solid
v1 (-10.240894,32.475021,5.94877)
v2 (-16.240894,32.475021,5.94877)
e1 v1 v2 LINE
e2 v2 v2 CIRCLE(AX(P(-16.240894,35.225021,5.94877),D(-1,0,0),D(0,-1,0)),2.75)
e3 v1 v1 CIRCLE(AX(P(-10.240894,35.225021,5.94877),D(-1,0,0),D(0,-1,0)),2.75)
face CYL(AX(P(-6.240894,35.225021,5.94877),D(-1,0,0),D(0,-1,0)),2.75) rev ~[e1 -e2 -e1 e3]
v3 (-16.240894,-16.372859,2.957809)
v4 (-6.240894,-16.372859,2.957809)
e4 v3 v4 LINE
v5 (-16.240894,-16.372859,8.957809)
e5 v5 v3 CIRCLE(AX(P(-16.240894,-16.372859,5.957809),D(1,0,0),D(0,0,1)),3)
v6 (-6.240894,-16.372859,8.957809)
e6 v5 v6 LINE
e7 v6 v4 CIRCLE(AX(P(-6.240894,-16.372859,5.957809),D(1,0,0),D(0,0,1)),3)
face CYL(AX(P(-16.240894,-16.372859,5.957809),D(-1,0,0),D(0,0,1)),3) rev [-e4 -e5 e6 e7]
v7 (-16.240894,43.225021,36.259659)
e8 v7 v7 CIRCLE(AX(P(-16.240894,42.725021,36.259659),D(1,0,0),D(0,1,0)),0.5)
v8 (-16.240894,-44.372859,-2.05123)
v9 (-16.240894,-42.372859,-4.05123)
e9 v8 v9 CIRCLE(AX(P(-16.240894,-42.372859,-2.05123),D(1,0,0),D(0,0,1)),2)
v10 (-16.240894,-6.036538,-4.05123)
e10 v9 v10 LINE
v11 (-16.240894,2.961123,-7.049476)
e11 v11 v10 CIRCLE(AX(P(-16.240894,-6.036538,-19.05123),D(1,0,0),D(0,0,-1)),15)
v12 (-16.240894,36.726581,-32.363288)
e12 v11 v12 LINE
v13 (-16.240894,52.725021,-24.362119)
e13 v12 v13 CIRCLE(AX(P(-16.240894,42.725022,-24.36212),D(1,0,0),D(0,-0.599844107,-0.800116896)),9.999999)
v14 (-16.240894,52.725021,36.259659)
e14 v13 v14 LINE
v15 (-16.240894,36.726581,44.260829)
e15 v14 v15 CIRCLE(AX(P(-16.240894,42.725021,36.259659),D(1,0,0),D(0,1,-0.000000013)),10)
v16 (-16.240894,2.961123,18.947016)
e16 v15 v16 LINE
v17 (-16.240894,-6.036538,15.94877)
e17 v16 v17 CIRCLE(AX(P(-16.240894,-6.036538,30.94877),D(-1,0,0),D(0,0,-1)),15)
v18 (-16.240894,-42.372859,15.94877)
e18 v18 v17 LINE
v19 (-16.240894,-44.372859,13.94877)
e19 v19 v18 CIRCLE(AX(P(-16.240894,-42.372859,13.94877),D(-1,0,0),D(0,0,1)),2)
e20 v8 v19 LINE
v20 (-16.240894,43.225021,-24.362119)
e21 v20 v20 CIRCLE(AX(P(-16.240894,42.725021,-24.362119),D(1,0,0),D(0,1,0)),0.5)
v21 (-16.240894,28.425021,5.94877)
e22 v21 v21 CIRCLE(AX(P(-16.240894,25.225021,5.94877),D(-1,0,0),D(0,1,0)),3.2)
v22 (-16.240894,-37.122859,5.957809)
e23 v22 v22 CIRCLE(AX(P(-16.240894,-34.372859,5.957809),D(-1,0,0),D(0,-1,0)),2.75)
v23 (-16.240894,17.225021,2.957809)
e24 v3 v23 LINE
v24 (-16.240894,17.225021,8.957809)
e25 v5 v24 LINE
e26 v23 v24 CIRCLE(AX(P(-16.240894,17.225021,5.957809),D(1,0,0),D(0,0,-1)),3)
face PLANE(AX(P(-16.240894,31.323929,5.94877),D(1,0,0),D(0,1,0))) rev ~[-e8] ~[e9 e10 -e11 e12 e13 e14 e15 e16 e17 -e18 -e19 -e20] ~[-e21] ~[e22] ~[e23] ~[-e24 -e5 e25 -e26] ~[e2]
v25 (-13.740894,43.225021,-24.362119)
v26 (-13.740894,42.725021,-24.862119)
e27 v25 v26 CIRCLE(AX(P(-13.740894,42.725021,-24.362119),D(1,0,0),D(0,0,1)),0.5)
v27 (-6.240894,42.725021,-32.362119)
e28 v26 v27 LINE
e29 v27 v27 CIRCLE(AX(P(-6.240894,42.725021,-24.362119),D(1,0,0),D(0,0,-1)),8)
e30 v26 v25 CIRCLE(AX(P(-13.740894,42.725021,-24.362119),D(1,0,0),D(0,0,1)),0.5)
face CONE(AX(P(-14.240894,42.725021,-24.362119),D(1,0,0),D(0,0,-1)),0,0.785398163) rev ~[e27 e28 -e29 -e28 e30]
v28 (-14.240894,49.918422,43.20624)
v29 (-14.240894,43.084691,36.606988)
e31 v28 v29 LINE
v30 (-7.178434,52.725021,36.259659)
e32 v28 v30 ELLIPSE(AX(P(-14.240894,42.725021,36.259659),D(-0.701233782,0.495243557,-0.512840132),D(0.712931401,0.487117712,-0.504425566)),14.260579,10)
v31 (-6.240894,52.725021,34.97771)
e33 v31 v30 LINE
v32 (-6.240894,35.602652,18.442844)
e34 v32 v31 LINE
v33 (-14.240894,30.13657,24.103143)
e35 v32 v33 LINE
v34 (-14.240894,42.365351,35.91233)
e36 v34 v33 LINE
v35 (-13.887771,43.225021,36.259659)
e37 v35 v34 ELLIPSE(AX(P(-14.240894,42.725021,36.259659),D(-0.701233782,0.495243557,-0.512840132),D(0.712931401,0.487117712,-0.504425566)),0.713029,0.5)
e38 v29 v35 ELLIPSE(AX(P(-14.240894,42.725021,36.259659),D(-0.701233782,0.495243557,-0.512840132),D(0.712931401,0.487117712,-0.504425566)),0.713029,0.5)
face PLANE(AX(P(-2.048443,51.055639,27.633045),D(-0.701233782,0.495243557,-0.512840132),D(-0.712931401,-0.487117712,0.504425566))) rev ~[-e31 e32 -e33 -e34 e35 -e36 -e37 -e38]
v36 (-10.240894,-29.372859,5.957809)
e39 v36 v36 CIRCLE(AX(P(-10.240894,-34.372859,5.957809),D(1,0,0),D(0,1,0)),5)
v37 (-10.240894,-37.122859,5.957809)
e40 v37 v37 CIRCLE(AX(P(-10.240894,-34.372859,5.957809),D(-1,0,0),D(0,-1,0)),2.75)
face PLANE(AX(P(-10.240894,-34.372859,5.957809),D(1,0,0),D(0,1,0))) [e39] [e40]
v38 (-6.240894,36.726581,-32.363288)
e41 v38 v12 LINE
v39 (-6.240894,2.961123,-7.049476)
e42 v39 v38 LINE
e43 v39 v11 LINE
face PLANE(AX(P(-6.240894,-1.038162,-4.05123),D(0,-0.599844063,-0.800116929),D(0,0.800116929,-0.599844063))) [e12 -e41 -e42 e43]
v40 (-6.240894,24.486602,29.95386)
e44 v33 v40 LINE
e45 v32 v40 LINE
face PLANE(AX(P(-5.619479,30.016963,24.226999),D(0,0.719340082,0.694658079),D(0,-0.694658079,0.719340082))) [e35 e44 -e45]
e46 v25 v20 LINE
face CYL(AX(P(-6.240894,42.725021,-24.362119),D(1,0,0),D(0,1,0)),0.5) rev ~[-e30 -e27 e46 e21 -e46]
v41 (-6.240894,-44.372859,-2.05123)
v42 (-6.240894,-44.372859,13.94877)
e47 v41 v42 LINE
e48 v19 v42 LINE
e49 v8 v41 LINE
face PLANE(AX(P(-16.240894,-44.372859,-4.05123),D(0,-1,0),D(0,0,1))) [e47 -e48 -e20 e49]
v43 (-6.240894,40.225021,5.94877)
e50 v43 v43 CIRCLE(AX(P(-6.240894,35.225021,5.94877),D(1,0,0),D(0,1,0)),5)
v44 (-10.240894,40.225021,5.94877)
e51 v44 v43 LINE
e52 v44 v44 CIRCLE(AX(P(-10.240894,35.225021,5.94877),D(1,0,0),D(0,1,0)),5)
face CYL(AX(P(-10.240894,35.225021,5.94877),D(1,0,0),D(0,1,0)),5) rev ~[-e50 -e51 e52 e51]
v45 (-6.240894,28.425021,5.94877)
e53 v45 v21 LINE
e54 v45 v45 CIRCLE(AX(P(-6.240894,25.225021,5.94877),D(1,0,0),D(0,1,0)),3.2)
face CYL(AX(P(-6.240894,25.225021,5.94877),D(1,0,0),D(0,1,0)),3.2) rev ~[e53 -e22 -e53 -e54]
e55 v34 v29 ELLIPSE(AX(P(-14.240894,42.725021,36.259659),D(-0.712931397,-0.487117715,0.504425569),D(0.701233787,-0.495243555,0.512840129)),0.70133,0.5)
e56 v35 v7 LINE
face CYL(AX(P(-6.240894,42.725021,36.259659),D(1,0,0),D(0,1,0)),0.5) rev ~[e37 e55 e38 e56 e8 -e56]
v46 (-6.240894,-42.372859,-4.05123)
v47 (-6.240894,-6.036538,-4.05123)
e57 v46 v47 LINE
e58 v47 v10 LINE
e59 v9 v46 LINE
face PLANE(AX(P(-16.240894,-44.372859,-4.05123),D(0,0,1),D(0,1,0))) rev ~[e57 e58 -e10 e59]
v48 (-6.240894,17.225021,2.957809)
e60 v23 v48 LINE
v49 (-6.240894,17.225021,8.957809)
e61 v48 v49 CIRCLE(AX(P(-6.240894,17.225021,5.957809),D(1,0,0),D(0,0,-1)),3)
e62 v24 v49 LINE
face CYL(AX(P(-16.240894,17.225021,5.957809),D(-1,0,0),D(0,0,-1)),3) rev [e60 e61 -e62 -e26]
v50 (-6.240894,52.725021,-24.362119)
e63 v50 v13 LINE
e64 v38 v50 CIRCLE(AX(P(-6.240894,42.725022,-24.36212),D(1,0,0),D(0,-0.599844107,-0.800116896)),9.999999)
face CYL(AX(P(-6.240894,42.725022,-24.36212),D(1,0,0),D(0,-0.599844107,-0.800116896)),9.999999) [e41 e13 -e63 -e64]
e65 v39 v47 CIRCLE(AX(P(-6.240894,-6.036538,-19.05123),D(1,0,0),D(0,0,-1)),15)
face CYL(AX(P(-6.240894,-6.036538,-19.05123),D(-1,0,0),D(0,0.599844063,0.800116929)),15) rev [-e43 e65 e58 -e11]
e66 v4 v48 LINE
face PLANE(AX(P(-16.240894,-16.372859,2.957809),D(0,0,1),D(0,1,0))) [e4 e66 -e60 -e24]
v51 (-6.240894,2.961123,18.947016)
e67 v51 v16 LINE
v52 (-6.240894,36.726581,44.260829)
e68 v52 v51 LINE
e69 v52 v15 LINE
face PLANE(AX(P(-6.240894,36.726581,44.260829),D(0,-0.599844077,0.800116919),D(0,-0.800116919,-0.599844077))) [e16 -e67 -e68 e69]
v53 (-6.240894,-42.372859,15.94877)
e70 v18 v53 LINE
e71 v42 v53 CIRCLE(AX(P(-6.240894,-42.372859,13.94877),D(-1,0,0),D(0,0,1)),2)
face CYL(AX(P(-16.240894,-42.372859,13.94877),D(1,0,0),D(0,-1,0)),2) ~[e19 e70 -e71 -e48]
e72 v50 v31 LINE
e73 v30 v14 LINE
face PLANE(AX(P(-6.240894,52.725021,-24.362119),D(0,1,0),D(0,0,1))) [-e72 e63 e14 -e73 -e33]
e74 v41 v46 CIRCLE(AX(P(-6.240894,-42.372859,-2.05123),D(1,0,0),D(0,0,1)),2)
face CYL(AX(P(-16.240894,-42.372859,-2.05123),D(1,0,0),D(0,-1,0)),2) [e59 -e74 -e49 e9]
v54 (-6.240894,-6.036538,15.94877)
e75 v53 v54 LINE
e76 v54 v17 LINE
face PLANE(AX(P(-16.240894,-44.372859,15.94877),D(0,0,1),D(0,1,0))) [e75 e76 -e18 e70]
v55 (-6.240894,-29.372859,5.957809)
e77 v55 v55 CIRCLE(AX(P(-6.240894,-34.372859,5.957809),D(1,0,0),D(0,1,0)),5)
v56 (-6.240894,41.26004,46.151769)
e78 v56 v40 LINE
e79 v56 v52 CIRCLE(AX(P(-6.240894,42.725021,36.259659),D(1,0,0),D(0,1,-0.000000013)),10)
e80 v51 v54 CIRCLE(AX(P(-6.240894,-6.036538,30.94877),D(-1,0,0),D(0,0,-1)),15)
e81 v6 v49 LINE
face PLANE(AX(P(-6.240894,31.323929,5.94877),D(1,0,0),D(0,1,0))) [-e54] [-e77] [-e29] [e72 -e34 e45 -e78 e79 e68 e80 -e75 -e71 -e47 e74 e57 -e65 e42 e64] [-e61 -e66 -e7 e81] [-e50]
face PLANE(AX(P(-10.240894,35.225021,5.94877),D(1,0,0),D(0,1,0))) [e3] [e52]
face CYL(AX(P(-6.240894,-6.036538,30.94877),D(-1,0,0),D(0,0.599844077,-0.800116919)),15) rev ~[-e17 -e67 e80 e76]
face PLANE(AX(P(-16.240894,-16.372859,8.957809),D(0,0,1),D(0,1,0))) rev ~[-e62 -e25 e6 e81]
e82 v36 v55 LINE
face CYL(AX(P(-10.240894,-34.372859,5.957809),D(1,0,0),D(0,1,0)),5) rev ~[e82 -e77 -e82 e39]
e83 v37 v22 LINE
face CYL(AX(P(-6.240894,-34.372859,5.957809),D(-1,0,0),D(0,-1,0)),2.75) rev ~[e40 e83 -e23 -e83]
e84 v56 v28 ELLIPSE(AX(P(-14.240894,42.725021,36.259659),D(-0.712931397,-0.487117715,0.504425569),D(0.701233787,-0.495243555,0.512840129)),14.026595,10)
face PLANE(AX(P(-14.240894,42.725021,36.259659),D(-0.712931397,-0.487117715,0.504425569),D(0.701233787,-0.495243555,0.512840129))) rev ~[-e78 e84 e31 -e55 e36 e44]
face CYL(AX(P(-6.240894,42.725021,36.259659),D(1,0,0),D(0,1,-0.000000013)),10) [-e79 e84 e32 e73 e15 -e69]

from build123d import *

# Parameters (mm, degrees)
SKETCH_W           = 89.59788
SKETCH_H           = 20
PAD_DEPTH          = 10
SKETCH001_W        = 4
SKETCH001_H        = 19
PAD001_DEPTH       = 3
HOLE_D             = 5.5
HOLE_DEPTH         = 25
HOLE_CBORE_D       = 10
HOLE_CBORE_DEPTH   = 4
FILLET_R           = 2
SKETCH003_R        = 3.2
POCKET_DEPTH       = 13.001
SKETCH004_R        = 0.5
PAD002_DEPTH       = 10
POCKET001_DEPTH    = 17.5
FILLET001_R        = 15
POCKET002_DEPTH    = 3
POCKET002_FACE32_W = 4
POCKET002_FACE32_H = 19
POCKET003_DEPTH    = 3


with BuildPart() as part:
    # Sketch (on Face2 of Binder) → Pad (new body)
    with BuildSketch(Plane.YZ.offset(237.459106)):
        with Locations((0.426081, 189.84877)):
            Rectangle(SKETCH_W, SKETCH_H)
        with BuildLine():
            ThreePointArc((-16.372859, 192.857809), (-19.372859, 189.857809), (-16.372859, 186.857809))
            Line((-16.372859, 186.857809), (17.225021, 186.857809))
            ThreePointArc((17.225021, 186.857809), (20.225021, 189.857809), (17.225021, 192.857809))
            Line((-16.372859, 192.857809), (17.225021, 192.857809))
        make_face(mode=Mode.SUBTRACT)
    extrude(amount=PAD_DEPTH)

    # Sketch001 (on Face9 of Pad) → Pad001 (join)
    with BuildSketch(Plane(origin=(237.459106, 0, 0), x_dir=(0, -1, 0), z_dir=(-1, 0, 0))):
        with Locations((-23.225021, 189.84877)):
            Rectangle(SKETCH001_W, SKETCH001_H)
        with Locations((22.372859, 189.857809)):
            Rectangle(SKETCH001_W, SKETCH001_H)
    extrude(amount=PAD001_DEPTH)

    # Hole
    with Locations(Plane.YZ.offset(247.459106)):
        with Locations((-34.372859, 189.857809), (35.225021, 189.84877)):
            CounterBoreHole(HOLE_D / 2, HOLE_CBORE_D / 2, HOLE_CBORE_DEPTH, depth=HOLE_DEPTH)

    # Fillet
    fillet_edges = [part.edges().sort_by_distance(p)[0] for p in [
        (242.459106, 45.225021, 199.84877),
        (242.459106, 45.225021, 179.84877),
        (242.459106, -44.372859, 199.84877),
        (242.459106, -44.372859, 179.84877),
    ]]
    fillet(fillet_edges, radius=FILLET_R)

    # Sketch003 (on Face5 of Fillet) → Pocket (cut, through all)
    with BuildSketch(Plane.YZ.offset(247.459106)):
        with Locations((25.225021, 189.84877)):
            Circle(SKETCH003_R)
    extrude(amount=-POCKET_DEPTH, mode=Mode.SUBTRACT)

    # Sketch004 (on Face5 of Pocket) → Pad002 (join)
    with BuildSketch(Plane.YZ.offset(247.459106)):
        with BuildLine():
            ThreePointArc((52.725021, 220.159659), (47.198029, 229.103495), (36.726581, 228.160829))
            Line((36.726581, 228.160829), (-1.038162, 199.84877))
            Line((43.225021, 199.84877), (-1.038162, 199.84877))
            Line((43.225021, 179.84877), (43.225021, 199.84877))
            Line((-1.038162, 179.84877), (43.225021, 179.84877))
            Line((-1.038162, 179.84877), (36.726581, 151.536712))
            ThreePointArc((36.726581, 151.536712), (47.198029, 150.594045), (52.725021, 159.537881))
            Line((52.725021, 159.537881), (52.725021, 220.159659))
        make_face()
        with Locations((42.725021, 220.159659)):
            Circle(SKETCH004_R, mode=Mode.SUBTRACT)
        with Locations((42.725021, 159.537881)):
            Circle(SKETCH004_R, mode=Mode.SUBTRACT)
    extrude(amount=-PAD002_DEPTH)

    # Sketch005 (on DatumPlane) → Groove (revolve, cut)
    with BuildSketch(Plane(origin=(247.459106, 42.725021, 159.537881), x_dir=(0, 0, 1), z_dir=(0, 1, 0))):
        Polygon((0, 21.851335), (0, -8), (-29.851335, 21.851335), align=None)
    revolve(axis=Axis((247.459106, 42.725021, 159.537881), (1, 0, 0)), mode=Mode.SUBTRACT)

    # Sketch006 (on DatumPlane) → Pocket001 (cut, symmetric)
    with BuildSketch(Plane(origin=(247.459106, 42.725021, 220.159659), x_dir=(0, -0.694658, 0.71934), z_dir=(0, 0.71934, 0.694658))):
        Polygon((0, -8), (12.395839, 4.192451), (-11.9924, 4.192451), align=None)
    extrude(amount=POCKET001_DEPTH, both=True, mode=Mode.SUBTRACT)

    # Fillet001
    fillet001_edges = [part.edges().sort_by_distance(p)[0] for p in [
        (242.459106, -1.038162, 179.84877),
        (242.459106, -1.038162, 199.84877),
    ]]
    fillet(fillet001_edges, radius=FILLET001_R)

    # Fillet001 Face36 → Pocket002 (cut)
    with BuildSketch(Plane(origin=(234.459106, 23.052701, 189.84877), x_dir=(0, 1, 0), z_dir=(-1, 0, 0))):
        with BuildLine():
            Line((2.17232, -9.5), (2.17232, -3.2))
            ThreePointArc((2.17232, -3.2), (-1.02768, 0), (2.17232, 3.2))
            Line((2.17232, 3.2), (2.17232, 9.5))
            Line((2.17232, 9.5), (-1.82768, 9.5))
            Line((-1.82768, 9.5), (-1.82768, -9.5))
            Line((-1.82768, -9.5), (2.17232, -9.5))
        make_face()
    extrude(amount=-POCKET002_DEPTH, mode=Mode.SUBTRACT)

    # Pocket002 Face32 → Pocket003 (cut)
    with BuildSketch(Plane(origin=(234.459106, -22.372859, 189.857809), x_dir=(0, 1, 0), z_dir=(-1, 0, 0))):
        Rectangle(POCKET002_FACE32_W, POCKET002_FACE32_H)
    extrude(amount=-POCKET003_DEPTH, mode=Mode.SUBTRACT)


with BuildPart() as part_1:
    # Body placement: moved
    add(part.part.moved(Location((-253.7, 0, -183.9))))


solid = part_1.part
